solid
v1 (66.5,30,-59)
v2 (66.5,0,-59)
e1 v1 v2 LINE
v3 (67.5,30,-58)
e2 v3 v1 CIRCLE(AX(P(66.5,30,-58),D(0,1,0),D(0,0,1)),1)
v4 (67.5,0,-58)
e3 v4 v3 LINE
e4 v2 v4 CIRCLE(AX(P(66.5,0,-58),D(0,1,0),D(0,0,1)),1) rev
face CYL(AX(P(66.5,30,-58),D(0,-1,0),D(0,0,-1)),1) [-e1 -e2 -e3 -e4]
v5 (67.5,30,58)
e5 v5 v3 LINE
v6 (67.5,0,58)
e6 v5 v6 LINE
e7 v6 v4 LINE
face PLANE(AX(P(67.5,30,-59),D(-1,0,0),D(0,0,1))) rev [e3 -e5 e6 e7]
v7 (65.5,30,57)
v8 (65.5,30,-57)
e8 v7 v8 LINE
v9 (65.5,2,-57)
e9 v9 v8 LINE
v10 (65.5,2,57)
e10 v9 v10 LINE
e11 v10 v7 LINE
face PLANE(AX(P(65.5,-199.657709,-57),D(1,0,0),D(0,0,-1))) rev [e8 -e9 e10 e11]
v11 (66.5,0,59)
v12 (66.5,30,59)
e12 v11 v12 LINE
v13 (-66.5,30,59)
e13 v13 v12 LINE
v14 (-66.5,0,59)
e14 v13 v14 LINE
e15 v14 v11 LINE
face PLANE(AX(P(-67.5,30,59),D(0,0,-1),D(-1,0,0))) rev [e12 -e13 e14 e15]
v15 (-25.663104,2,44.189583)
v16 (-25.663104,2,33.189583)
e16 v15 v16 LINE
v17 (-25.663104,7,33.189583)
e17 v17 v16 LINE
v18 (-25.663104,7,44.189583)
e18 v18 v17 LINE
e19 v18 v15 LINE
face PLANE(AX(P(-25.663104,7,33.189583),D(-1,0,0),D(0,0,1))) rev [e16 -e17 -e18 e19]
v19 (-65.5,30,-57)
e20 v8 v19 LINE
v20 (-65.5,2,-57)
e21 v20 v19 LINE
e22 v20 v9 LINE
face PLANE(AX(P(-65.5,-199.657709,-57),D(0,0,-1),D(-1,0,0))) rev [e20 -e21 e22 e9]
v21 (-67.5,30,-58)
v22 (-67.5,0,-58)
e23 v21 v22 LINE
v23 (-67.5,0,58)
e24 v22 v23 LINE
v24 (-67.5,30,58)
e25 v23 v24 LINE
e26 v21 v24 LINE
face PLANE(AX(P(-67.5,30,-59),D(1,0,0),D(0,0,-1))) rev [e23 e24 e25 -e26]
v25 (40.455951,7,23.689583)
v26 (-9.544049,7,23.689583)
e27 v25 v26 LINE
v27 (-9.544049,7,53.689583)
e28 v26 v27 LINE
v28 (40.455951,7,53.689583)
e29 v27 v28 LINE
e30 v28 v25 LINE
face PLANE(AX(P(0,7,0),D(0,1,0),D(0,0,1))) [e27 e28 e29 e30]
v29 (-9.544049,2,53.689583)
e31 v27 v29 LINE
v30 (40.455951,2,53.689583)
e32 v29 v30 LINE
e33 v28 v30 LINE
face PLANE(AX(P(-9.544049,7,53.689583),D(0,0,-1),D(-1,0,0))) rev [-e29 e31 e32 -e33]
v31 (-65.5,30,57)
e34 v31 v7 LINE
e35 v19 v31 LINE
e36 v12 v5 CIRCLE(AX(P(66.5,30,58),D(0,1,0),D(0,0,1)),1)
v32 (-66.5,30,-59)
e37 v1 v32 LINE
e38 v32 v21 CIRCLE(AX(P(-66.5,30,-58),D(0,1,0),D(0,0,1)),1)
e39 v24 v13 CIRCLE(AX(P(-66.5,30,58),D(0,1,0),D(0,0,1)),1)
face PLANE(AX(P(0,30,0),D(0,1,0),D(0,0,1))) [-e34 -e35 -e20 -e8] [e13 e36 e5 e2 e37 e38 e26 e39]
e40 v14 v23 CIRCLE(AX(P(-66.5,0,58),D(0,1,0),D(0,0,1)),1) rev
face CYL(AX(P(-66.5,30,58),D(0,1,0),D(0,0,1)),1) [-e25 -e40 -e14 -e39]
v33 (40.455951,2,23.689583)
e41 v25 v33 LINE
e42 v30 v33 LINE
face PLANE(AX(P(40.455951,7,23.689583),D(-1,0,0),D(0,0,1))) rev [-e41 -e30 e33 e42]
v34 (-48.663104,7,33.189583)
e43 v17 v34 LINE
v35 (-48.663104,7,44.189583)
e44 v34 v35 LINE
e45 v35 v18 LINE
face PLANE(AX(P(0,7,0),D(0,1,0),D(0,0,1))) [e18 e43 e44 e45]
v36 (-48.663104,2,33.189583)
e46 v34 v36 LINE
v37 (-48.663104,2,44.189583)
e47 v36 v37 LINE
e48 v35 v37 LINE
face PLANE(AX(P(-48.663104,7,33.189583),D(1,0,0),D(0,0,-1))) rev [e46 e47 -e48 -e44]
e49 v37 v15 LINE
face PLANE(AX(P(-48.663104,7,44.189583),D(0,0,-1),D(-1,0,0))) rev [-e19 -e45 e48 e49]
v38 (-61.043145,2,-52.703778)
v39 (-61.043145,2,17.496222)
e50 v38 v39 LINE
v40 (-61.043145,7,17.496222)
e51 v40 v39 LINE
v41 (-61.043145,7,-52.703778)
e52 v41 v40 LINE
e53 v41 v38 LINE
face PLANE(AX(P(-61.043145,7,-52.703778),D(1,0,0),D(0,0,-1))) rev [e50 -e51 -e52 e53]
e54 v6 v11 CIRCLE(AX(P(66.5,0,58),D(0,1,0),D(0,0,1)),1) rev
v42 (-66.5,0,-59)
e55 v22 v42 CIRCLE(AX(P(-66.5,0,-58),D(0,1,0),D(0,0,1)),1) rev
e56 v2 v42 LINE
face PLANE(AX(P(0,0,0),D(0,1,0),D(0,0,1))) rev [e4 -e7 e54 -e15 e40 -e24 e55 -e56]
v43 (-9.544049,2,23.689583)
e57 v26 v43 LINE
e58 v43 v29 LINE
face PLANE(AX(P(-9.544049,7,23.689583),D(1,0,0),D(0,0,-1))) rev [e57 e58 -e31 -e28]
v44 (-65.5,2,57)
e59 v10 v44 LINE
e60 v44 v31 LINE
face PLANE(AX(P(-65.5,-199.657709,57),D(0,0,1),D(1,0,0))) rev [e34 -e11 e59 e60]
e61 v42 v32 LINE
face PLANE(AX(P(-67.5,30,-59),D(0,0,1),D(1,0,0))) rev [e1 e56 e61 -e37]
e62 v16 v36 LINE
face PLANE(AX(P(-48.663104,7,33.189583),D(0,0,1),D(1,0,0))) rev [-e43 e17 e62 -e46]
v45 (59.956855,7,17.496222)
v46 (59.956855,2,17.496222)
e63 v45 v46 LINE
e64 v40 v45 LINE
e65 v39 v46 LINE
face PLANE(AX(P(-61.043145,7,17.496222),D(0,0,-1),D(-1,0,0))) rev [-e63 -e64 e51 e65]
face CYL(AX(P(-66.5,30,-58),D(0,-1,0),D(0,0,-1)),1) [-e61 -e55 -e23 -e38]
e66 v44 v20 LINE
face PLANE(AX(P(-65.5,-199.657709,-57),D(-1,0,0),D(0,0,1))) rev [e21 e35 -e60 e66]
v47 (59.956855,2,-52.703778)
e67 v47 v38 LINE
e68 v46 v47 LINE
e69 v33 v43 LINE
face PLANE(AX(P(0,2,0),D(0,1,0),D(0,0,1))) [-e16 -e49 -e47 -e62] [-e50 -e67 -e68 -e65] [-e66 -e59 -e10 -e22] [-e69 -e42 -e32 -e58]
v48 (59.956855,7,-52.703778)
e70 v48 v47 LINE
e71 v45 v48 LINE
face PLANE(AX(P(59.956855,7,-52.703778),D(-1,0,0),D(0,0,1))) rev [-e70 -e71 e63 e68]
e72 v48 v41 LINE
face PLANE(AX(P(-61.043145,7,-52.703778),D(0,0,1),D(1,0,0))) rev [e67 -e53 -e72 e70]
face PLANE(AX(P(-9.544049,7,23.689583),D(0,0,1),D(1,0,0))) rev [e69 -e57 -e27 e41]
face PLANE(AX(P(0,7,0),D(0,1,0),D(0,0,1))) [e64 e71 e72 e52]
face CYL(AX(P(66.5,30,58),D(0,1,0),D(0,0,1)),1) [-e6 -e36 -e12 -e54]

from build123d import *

# Parameters (mm, degrees)
SKETCH3_W           = 135
SKETCH3_H           = 118
BOSS_EXTRUDE1_DEPTH = 30
SKETCH4_W           = 131
SKETCH4_H           = 114
CUT_EXTRUDE1_DEPTH  = 28
SKETCH6_W           = 121
SKETCH6_H           = 70.2
SKETCH6_W_2         = 23
SKETCH6_H_2         = 11
SKETCH6_W_3         = 50
SKETCH6_H_3         = 30
BOSS_EXTRUDE2_DEPTH = 5
FILLET1_R           = 1
FILLET2_R           = 1
FILLET3_R           = 1
FILLET4_R           = 1


with BuildPart() as part:
    # Sketch3 → Boss-Extrude1 (new body)
    with BuildSketch(Plane(origin=(0, 0, 0), x_dir=(1, 0, 0), z_dir=(0, 1, 0))):
        Rectangle(SKETCH3_W, SKETCH3_H)
    extrude(amount=BOSS_EXTRUDE1_DEPTH)

    # Sketch4 → Cut-Extrude1 (cut)
    with BuildSketch(Plane(origin=(0, 30, 0), x_dir=(1, 0, 0), z_dir=(0, 1, 0))):
        Rectangle(SKETCH4_W, SKETCH4_H)
    extrude(amount=-CUT_EXTRUDE1_DEPTH, mode=Mode.SUBTRACT)

    # Sketch6 → Boss-Extrude2 (add)
    with BuildSketch(Plane(origin=(0, 2, 0), x_dir=(1, 0, 0), z_dir=(0, 1, 0))):
        with Locations((-0.543145458, 17.603777785)):
            Rectangle(SKETCH6_W, SKETCH6_H)
        with Locations((-37.163103621, -38.689582539)):
            Rectangle(SKETCH6_W_2, SKETCH6_H_2)
        with Locations((15.455951062, -38.689582539)):
            Rectangle(SKETCH6_W_3, SKETCH6_H_3)
    extrude(amount=BOSS_EXTRUDE2_DEPTH)

    # Fillet1
    fillet1_edges = [part.edges().sort_by_distance(p)[0] for p in [
        (-67.5, 15, 59),
    ]]
    fillet(fillet1_edges, radius=FILLET1_R)

    # Fillet2
    fillet2_edges = [part.edges().sort_by_distance(p)[0] for p in [
        (67.5, 15, 59),
    ]]
    fillet(fillet2_edges, radius=FILLET2_R)

    # Fillet3
    fillet3_edges = [part.edges().sort_by_distance(p)[0] for p in [
        (67.5, 15, -59),
    ]]
    fillet(fillet3_edges, radius=FILLET3_R)

    # Fillet4
    fillet4_edges = [part.edges().sort_by_distance(p)[0] for p in [
        (-67.5, 15, -59),
    ]]
    fillet(fillet4_edges, radius=FILLET4_R)


solid = part.part
